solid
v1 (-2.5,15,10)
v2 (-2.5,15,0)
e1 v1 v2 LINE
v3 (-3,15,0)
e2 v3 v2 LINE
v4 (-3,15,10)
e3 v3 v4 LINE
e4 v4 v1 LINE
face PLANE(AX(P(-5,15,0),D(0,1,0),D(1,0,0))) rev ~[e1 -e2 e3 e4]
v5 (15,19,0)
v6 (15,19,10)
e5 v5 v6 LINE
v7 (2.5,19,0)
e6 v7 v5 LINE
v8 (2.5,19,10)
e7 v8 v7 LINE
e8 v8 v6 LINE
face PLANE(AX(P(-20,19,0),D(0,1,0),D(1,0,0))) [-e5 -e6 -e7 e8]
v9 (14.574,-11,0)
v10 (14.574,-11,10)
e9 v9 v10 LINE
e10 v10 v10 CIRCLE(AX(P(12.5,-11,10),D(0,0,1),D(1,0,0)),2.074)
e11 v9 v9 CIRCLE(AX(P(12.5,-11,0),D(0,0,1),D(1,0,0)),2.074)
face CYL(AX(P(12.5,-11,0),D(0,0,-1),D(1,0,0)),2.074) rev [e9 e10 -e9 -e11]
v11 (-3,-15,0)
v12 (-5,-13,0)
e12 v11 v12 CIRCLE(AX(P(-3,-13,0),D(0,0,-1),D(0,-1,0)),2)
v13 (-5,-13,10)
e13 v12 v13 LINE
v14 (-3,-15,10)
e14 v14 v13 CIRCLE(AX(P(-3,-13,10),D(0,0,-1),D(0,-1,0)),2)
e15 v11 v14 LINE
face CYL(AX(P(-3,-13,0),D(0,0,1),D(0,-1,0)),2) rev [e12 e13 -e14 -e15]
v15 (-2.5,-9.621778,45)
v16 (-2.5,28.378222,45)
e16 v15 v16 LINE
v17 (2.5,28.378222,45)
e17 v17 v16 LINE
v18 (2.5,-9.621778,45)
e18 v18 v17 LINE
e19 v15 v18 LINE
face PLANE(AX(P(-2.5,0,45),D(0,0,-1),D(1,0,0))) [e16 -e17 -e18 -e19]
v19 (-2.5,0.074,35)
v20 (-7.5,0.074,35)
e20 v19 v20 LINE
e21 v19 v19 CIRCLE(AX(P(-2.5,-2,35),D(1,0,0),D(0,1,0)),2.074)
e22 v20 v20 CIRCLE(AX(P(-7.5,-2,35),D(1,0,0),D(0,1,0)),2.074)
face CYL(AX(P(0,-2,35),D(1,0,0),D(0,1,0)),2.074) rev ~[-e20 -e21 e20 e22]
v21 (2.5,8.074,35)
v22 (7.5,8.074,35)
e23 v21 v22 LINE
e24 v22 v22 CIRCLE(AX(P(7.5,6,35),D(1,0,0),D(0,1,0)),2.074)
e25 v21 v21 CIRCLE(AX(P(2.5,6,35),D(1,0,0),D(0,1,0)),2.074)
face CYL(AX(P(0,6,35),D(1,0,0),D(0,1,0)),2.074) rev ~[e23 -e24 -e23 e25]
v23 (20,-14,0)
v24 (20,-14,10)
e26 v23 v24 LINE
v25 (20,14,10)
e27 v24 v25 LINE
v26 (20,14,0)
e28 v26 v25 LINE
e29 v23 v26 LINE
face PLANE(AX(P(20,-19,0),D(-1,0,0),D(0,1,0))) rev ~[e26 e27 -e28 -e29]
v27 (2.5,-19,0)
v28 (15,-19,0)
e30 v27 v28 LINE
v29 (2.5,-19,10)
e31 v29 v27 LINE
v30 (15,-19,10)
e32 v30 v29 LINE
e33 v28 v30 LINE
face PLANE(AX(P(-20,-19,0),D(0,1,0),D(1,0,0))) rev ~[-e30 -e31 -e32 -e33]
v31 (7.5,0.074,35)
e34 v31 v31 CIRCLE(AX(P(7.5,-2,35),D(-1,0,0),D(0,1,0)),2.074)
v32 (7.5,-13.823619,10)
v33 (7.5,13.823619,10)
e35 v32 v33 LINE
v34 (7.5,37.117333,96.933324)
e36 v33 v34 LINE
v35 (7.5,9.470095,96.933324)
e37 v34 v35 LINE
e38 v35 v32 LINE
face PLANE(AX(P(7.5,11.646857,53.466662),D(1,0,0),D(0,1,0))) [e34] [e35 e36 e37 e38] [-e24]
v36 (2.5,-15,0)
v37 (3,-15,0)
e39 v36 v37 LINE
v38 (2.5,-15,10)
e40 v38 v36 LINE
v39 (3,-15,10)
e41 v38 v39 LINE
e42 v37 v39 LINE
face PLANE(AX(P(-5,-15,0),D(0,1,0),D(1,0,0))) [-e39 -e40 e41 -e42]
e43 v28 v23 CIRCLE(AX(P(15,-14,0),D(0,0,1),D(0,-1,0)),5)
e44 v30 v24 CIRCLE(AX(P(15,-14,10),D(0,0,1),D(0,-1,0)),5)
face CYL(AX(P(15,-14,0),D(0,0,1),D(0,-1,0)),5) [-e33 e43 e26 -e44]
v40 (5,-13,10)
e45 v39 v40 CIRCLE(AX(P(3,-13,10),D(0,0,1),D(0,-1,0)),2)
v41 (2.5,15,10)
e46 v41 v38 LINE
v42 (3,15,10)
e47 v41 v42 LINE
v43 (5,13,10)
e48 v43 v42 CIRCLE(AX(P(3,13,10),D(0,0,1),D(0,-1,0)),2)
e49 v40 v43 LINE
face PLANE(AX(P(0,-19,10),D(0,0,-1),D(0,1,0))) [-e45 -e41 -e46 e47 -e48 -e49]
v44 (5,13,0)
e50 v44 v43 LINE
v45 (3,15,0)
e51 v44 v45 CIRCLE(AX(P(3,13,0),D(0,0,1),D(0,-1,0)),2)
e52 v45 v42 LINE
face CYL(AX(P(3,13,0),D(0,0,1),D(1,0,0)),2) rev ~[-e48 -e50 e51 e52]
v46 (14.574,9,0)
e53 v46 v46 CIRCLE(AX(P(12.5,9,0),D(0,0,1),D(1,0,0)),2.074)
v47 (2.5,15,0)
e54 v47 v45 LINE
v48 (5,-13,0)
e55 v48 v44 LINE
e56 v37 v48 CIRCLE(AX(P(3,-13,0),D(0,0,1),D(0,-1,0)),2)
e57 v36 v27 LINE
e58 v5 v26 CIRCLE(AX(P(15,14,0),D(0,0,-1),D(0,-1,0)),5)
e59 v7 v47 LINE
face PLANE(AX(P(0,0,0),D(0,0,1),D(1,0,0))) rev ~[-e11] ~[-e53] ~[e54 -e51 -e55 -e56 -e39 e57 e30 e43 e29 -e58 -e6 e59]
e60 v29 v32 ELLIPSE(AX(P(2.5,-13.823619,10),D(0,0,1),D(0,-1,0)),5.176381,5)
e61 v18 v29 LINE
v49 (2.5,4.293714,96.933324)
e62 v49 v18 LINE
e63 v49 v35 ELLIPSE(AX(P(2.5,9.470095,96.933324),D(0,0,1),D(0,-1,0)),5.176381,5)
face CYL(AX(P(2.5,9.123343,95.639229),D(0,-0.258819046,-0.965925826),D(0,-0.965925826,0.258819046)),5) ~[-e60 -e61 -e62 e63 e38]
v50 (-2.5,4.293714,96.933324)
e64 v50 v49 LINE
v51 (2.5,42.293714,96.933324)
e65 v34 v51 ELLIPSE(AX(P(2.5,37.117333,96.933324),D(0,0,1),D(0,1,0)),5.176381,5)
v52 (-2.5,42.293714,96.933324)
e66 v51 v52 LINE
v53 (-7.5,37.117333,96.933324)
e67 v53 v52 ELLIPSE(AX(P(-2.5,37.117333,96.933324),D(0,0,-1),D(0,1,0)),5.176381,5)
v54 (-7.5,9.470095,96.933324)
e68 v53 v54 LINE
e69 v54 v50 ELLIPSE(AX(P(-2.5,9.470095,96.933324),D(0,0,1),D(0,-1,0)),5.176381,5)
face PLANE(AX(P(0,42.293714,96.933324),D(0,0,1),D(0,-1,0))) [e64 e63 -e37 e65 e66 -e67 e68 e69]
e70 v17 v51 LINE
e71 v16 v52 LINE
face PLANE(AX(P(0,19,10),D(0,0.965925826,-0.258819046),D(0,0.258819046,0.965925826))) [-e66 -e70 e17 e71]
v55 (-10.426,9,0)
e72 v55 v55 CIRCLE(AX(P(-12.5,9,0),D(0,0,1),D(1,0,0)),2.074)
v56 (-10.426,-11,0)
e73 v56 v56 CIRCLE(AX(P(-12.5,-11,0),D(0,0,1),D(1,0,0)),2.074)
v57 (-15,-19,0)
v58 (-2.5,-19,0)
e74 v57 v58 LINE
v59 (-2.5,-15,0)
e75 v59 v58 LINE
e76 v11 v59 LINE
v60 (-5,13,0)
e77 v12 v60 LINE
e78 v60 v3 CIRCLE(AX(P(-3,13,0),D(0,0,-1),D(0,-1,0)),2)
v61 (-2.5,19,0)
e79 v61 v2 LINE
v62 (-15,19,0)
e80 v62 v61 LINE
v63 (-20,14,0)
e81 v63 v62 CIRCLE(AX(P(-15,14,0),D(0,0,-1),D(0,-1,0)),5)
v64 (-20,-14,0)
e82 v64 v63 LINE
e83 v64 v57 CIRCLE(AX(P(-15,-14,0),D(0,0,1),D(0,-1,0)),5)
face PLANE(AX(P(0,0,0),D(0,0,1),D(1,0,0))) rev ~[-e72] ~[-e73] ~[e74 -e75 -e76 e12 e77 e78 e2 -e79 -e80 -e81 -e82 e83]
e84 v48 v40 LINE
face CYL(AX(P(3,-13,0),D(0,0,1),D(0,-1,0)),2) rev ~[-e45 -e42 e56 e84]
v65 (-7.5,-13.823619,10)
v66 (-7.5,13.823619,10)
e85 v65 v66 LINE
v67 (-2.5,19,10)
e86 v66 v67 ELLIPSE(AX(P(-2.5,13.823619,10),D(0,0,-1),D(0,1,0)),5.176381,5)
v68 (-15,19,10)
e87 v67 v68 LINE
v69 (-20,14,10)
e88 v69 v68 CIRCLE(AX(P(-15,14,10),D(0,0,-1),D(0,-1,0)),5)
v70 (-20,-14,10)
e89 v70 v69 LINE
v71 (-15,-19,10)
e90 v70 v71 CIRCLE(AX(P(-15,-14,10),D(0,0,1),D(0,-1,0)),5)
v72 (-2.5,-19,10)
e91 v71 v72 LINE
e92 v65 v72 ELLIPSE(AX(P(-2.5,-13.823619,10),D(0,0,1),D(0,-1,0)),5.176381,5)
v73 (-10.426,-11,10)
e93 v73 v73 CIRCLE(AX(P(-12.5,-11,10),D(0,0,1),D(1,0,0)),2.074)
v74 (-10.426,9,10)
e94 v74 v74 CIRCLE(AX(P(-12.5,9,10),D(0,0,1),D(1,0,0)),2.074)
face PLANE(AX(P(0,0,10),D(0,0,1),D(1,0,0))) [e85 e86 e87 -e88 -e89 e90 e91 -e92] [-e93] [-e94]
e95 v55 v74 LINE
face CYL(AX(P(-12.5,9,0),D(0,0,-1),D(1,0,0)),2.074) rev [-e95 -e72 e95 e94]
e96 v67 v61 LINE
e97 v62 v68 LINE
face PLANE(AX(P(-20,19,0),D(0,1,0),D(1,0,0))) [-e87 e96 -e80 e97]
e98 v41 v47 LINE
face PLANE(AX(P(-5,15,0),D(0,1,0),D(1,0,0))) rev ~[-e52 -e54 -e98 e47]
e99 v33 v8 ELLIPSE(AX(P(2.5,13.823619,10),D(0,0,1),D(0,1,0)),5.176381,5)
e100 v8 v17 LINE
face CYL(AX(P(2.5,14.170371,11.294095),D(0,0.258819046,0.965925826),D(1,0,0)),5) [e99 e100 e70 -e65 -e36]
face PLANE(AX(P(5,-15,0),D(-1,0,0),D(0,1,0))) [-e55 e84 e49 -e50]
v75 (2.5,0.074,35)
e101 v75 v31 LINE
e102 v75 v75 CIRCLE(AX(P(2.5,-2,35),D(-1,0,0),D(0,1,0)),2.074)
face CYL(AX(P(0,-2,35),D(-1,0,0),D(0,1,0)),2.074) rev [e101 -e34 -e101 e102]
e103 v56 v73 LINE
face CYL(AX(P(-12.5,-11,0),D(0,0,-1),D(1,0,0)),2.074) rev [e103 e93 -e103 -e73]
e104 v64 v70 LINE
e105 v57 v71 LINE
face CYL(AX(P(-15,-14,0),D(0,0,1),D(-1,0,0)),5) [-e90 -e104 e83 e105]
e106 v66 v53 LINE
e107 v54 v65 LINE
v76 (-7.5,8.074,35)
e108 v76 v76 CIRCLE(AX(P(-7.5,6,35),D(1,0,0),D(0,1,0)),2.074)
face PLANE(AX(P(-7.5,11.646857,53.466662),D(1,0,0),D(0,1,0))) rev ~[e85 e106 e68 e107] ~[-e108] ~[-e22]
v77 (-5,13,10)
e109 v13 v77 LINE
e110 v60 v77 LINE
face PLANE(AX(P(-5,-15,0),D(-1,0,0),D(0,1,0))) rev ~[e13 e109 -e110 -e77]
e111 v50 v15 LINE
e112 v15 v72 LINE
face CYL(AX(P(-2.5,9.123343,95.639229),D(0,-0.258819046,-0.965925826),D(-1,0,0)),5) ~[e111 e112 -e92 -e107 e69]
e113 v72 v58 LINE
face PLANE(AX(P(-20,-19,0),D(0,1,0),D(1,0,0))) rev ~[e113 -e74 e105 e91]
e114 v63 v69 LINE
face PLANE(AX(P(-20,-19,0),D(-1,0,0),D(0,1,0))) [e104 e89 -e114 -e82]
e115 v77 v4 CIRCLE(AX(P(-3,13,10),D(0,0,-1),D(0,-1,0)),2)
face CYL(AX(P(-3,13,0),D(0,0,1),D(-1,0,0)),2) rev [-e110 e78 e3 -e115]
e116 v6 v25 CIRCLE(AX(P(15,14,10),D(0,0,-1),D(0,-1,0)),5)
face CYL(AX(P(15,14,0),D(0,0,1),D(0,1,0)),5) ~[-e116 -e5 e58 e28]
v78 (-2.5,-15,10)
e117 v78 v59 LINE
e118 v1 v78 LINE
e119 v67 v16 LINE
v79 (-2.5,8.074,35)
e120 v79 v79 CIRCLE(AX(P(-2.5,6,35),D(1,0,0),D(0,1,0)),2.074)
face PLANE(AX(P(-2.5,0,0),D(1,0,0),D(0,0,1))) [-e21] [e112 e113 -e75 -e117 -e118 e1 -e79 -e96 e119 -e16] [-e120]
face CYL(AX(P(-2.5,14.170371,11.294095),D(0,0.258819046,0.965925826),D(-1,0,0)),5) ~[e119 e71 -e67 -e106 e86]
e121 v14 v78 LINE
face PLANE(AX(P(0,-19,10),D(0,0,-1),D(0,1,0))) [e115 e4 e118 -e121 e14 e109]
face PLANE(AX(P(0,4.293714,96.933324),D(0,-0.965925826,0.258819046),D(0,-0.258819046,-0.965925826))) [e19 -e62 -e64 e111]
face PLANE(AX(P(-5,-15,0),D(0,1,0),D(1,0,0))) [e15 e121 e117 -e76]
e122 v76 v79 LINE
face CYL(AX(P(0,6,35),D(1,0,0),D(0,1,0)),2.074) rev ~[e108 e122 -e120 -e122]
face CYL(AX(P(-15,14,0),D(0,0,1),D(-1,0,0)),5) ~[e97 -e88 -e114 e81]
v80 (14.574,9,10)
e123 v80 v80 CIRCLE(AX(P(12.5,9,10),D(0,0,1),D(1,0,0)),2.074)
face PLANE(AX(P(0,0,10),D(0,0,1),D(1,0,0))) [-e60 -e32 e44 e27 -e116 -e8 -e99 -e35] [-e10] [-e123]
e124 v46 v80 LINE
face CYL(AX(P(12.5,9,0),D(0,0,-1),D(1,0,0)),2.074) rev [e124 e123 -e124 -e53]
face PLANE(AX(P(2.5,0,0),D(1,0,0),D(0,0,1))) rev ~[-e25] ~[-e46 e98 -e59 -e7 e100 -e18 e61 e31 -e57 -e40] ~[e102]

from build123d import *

# Parameters (mm, degrees)
F0_W      = 40
F0_H      = 38
F0_R      = 2.074
F0_W_2    = 10
F0_H_2    = 30
F1_DEPTH  = 10
F2_R      = 5
F3_R      = 2
F5_DEPTH  = 7.5
F6_R      = 5
F8_W      = 5
F8_H      = 45
F9_DEPTH  = 50
F7_R      = 2.074
F10_DEPTH = 25


with BuildPart() as f1:
    # F0 (on Top) → F1 (new body)
    with BuildSketch(Plane.XY):
        Rectangle(F0_W, F0_H)
        with Locations((-12.5, -11)):
            Circle(F0_R, mode=Mode.SUBTRACT)
        with Locations((12.5, -11)):
            Circle(F0_R, mode=Mode.SUBTRACT)
        with Locations((-12.5, 9)):
            Circle(F0_R, mode=Mode.SUBTRACT)
        Rectangle(F0_W_2, F0_H_2, mode=Mode.SUBTRACT)
        with Locations((12.5, 9)):
            Circle(F0_R, mode=Mode.SUBTRACT)
    extrude(amount=F1_DEPTH)

    # F2
    f2_edges = [f1.edges().sort_by_distance(p)[0] for p in [
        (-20, 19, 5),
        (20, 19, 5),
        (20, -19, 5),
        (-20, -19, 5),
    ]]
    fillet(f2_edges, radius=F2_R)

    # F3
    f3_edges = [f1.edges().sort_by_distance(p)[0] for p in [
        (-5, 15, 5),
        (5, 15, 5),
        (-5, -15, 5),
        (5, -15, 5),
    ]]
    fillet(f3_edges, radius=F3_R)

    # F4 (on Right) → F5 (join, symmetric)
    with BuildSketch(Plane.YZ):
        Polygon((42.293714, 96.933324), (4.293714, 96.933324), (-19, 10), (19, 10), align=None)
    extrude(amount=F5_DEPTH, both=True)

    # F6
    f6_edges = [f1.edges().sort_by_distance(p)[0] for p in [
        (-7.5, -7.353143, 53.466662),
        (7.5, -7.353143, 53.466662),
        (-7.5, 30.646857, 53.466662),
        (7.5, 30.646857, 53.466662),
    ]]
    fillet(f6_edges, radius=F6_R)

    # F8 (on Front) → F9 (cut, symmetric)
    with BuildSketch(Plane.XZ):
        with Locations((0, 22.5)):
            Rectangle(F8_W, F8_H)
    extrude(amount=F9_DEPTH, both=True, mode=Mode.SUBTRACT)

    # F7 (on Right) → F10 (cut, symmetric)
    with BuildSketch(Plane.YZ):
        with Locations((-2, 35)):
            Circle(F7_R)
        with Locations((6, 35)):
            Circle(F7_R)
    extrude(amount=F10_DEPTH, both=True, mode=Mode.SUBTRACT)


solid = f1.part
